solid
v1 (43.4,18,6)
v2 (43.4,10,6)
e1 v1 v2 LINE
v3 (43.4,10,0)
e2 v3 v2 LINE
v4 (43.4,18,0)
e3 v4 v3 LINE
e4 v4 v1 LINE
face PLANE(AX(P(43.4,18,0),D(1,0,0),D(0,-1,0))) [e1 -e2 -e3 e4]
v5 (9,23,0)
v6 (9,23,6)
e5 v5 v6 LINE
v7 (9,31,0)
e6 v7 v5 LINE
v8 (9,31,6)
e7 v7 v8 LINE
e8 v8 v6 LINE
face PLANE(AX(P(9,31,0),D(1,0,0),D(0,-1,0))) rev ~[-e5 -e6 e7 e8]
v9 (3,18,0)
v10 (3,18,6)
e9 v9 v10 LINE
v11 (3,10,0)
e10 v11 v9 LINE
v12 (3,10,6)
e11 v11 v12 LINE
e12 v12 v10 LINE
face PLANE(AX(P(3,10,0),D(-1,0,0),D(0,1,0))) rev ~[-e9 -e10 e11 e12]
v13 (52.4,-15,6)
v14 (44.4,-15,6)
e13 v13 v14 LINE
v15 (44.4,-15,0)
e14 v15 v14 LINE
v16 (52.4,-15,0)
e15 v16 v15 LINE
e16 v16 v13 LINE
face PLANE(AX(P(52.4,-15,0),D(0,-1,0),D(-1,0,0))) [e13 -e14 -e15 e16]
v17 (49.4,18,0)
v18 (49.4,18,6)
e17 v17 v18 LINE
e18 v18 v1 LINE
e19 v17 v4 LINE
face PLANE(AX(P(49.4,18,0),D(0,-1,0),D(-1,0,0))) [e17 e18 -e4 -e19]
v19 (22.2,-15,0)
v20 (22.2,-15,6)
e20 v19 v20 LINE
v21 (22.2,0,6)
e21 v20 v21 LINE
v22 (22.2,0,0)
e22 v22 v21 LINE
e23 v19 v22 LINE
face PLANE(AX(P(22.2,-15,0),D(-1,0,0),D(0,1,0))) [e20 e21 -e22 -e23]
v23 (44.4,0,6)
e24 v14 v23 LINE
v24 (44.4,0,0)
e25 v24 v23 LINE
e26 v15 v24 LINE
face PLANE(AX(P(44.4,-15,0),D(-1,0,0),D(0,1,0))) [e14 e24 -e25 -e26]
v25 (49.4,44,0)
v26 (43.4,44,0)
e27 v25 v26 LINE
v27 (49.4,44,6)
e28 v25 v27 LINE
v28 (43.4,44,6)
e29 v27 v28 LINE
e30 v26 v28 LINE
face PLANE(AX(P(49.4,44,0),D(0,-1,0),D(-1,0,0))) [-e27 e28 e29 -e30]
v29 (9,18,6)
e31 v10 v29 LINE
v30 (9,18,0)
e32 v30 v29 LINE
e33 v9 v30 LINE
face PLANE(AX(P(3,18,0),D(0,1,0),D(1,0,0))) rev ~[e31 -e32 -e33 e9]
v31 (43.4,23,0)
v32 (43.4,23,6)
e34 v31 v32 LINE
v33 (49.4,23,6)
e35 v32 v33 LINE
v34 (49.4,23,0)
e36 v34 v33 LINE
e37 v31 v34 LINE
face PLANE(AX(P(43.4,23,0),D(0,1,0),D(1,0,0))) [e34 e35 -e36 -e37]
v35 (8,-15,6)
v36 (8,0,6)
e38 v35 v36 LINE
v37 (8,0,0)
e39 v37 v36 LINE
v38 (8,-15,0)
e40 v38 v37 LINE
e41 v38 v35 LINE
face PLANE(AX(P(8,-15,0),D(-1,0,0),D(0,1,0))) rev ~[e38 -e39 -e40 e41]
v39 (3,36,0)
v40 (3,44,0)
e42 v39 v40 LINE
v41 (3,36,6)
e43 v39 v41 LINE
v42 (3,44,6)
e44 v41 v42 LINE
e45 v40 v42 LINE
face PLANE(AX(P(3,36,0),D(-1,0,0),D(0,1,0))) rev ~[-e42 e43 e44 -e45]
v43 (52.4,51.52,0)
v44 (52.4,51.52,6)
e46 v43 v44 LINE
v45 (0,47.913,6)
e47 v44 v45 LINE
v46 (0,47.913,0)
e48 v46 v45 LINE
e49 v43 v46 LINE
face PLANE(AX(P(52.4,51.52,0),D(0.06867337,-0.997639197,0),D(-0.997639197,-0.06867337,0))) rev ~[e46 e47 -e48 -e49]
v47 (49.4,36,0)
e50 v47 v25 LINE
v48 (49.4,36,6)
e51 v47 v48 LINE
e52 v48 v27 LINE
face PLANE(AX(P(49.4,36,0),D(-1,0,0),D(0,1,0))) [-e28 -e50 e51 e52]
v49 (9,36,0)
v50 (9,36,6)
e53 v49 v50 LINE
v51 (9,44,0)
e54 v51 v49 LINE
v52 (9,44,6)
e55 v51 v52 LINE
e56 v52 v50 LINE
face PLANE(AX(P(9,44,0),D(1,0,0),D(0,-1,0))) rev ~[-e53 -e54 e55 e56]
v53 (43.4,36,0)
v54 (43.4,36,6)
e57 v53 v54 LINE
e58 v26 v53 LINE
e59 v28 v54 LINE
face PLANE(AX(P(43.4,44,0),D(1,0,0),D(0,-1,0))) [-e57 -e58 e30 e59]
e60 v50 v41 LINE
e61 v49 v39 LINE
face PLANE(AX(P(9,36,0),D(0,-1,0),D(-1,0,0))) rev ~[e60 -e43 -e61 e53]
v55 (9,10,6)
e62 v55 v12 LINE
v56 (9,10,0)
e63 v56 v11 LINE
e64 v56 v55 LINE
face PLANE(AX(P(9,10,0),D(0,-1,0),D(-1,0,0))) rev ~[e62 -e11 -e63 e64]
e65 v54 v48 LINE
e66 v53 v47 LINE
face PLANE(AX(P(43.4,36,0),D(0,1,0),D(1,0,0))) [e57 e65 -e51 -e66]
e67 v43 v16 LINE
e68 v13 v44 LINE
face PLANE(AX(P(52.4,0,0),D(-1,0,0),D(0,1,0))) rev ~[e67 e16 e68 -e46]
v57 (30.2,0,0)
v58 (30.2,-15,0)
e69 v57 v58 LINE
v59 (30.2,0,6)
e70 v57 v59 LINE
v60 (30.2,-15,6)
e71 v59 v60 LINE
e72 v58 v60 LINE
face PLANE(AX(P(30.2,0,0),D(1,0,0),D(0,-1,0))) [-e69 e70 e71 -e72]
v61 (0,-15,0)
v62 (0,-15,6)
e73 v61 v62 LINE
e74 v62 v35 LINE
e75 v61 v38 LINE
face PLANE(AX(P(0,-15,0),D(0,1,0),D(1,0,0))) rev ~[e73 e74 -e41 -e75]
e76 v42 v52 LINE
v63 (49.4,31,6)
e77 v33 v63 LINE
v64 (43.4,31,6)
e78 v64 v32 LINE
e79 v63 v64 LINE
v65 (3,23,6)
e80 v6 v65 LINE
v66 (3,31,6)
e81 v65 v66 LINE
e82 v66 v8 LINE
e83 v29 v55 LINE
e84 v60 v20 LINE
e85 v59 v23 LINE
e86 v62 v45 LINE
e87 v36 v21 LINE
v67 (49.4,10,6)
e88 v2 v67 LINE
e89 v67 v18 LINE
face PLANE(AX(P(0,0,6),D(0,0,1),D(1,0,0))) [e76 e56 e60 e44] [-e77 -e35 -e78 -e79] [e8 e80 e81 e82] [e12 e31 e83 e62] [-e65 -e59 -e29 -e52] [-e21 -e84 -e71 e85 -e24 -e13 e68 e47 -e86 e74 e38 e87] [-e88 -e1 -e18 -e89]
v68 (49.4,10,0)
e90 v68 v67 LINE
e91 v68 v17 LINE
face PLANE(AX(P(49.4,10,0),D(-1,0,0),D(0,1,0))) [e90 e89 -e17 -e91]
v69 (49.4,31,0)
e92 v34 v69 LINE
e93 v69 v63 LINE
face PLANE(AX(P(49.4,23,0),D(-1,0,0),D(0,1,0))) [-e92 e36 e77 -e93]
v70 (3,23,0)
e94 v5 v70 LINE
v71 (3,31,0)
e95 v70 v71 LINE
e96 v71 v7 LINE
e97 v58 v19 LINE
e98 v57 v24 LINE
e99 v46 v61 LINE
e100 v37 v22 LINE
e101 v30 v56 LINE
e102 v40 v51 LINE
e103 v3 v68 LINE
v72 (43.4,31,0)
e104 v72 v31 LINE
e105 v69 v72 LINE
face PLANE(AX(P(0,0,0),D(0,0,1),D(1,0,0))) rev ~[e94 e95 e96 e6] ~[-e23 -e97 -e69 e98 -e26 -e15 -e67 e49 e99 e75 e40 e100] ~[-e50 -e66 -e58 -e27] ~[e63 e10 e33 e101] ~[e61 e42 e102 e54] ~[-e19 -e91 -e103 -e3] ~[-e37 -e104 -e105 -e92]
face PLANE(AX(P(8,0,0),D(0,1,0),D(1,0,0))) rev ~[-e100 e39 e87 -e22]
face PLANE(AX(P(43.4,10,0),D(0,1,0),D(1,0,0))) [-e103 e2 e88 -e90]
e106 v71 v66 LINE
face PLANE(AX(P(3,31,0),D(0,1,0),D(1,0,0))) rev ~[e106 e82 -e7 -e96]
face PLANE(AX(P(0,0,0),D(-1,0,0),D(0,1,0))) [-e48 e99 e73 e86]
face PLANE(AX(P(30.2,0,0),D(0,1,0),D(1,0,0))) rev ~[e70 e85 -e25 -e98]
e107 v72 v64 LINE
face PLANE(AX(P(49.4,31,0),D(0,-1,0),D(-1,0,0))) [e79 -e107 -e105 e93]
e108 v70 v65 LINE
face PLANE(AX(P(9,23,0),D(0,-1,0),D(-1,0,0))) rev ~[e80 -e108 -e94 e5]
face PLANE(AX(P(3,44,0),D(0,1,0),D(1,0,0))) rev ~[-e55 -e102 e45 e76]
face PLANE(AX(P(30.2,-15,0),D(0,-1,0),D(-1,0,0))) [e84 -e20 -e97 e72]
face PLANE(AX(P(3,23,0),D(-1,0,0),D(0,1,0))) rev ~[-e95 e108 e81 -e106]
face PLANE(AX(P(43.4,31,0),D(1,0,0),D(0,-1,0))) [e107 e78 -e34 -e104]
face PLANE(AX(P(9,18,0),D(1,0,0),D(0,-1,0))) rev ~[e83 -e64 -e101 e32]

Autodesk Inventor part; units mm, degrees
ref_plane "YZ Plane" through (0, 0, 0) normal (1, 0, 0) x (0, 1, 0)
ref_plane "XZ Plane" through (0, 0, 0) normal (0, 1, 0) x (-1, 0, 0)
ref_plane "XY Plane" through (0, 0, 0) normal (0, 0, 1) x (1, 0, 0)
sketch "Sketch1" plane through (0, 0, 0) normal (0, 0, 1) x (1, 0, 0)
  line L0 (0, 0) -> (0, 47.913)
  line L1 (0, 0) -> (52.4, 0)
  line L2 (52.4, 0) -> (52.4, 51.52)
  line L3 (52.4, 51.52) -> (0, 47.913)
  line L4 (3, 44) -> (9, 44)
  line L5 (9, 44) -> (9, 36)
  line L6 (9, 36) -> (3, 36)
  line L7 (3, 36) -> (3, 44)
  line L8 (3, 31) -> (9, 31)
  line L9 (9, 31) -> (9, 23)
  line L10 (9, 23) -> (3, 23)
  line L11 (3, 23) -> (3, 31)
  line L12 (3, 18) -> (9, 18)
  line L13 (9, 18) -> (9, 10)
  line L14 (9, 10) -> (3, 10)
  line L15 (3, 10) -> (3, 18)
  line L16 (26.2, 0) -> (26.2, 49.7165) construction
  line L17 (49.4, 44) -> (43.4, 44)
  line L18 (43.4, 44) -> (43.4, 36)
  line L19 (43.4, 36) -> (49.4, 36)
  line L20 (49.4, 36) -> (49.4, 44)
  line L21 (49.4, 31) -> (43.4, 31)
  line L22 (43.4, 31) -> (43.4, 23)
  line L23 (43.4, 23) -> (49.4, 23)
  line L24 (49.4, 23) -> (49.4, 31)
  line L25 (49.4, 18) -> (43.4, 18)
  line L26 (43.4, 18) -> (43.4, 10)
  line L27 (43.4, 10) -> (49.4, 10)
  line L28 (49.4, 10) -> (49.4, 18)
  line L29 (0, 0) -> (0, -15)
  line L30 (0, -15) -> (8, -15)
  line L31 (8, -15) -> (8, 0)
  line L32 (52.4, 0) -> (52.4, -15)
  line L33 (52.4, -15) -> (44.4, -15)
  line L34 (44.4, -15) -> (44.4, 0)
  line L35 (22.2, 0) -> (30.2, 0)
  line L36 (30.2, 0) -> (30.2, -15)
  line L37 (30.2, -15) -> (22.2, -15)
  line L38 (22.2, -15) -> (22.2, 0)
  point P0 (3, 14)
  point P1 (3, 27)
  point P2 (3, 40)
  point P3 (6, 10)
  point P4 (6, 23)
  point P5 (6, 18)
  point P6 (6, 36)
  point P7 (6, 31)
  dimension "d0" = 47.913
  dimension "d1" = 52.4
  dimension "d2" = 51.52
  dimension "d3" = 6
  dimension "d4" = 8
  dimension "d5" = 6
  dimension "d6" = 8
  dimension "d7" = 6
  dimension "d8" = 8
  dimension "d9" = 3
  dimension "d10" = 3
  dimension "d11" = 3
  dimension "d12" = 10
  dimension "d13" = 5
  dimension "d14" = 5
  dimension "d17" = 15
  dimension "d18" = 8
  dimension "d19" = 8
  dimension "d20" = 15
  dimension "d21" = 8
  dimension "d22" = 15
  dimension "d24" = 14.2
extrude "Extrusion1" add sketch "Sketch1" along normal blind 6 contours L0 L3 L2 L1
extrude "Extrusion2" add sketch "Sketch1" along normal blind 6 contours L1 L31 L30 L29 | L1 L36 L37 L38 | L32 L33 L34 L1
properties part number "sort support V2 wall 1"
